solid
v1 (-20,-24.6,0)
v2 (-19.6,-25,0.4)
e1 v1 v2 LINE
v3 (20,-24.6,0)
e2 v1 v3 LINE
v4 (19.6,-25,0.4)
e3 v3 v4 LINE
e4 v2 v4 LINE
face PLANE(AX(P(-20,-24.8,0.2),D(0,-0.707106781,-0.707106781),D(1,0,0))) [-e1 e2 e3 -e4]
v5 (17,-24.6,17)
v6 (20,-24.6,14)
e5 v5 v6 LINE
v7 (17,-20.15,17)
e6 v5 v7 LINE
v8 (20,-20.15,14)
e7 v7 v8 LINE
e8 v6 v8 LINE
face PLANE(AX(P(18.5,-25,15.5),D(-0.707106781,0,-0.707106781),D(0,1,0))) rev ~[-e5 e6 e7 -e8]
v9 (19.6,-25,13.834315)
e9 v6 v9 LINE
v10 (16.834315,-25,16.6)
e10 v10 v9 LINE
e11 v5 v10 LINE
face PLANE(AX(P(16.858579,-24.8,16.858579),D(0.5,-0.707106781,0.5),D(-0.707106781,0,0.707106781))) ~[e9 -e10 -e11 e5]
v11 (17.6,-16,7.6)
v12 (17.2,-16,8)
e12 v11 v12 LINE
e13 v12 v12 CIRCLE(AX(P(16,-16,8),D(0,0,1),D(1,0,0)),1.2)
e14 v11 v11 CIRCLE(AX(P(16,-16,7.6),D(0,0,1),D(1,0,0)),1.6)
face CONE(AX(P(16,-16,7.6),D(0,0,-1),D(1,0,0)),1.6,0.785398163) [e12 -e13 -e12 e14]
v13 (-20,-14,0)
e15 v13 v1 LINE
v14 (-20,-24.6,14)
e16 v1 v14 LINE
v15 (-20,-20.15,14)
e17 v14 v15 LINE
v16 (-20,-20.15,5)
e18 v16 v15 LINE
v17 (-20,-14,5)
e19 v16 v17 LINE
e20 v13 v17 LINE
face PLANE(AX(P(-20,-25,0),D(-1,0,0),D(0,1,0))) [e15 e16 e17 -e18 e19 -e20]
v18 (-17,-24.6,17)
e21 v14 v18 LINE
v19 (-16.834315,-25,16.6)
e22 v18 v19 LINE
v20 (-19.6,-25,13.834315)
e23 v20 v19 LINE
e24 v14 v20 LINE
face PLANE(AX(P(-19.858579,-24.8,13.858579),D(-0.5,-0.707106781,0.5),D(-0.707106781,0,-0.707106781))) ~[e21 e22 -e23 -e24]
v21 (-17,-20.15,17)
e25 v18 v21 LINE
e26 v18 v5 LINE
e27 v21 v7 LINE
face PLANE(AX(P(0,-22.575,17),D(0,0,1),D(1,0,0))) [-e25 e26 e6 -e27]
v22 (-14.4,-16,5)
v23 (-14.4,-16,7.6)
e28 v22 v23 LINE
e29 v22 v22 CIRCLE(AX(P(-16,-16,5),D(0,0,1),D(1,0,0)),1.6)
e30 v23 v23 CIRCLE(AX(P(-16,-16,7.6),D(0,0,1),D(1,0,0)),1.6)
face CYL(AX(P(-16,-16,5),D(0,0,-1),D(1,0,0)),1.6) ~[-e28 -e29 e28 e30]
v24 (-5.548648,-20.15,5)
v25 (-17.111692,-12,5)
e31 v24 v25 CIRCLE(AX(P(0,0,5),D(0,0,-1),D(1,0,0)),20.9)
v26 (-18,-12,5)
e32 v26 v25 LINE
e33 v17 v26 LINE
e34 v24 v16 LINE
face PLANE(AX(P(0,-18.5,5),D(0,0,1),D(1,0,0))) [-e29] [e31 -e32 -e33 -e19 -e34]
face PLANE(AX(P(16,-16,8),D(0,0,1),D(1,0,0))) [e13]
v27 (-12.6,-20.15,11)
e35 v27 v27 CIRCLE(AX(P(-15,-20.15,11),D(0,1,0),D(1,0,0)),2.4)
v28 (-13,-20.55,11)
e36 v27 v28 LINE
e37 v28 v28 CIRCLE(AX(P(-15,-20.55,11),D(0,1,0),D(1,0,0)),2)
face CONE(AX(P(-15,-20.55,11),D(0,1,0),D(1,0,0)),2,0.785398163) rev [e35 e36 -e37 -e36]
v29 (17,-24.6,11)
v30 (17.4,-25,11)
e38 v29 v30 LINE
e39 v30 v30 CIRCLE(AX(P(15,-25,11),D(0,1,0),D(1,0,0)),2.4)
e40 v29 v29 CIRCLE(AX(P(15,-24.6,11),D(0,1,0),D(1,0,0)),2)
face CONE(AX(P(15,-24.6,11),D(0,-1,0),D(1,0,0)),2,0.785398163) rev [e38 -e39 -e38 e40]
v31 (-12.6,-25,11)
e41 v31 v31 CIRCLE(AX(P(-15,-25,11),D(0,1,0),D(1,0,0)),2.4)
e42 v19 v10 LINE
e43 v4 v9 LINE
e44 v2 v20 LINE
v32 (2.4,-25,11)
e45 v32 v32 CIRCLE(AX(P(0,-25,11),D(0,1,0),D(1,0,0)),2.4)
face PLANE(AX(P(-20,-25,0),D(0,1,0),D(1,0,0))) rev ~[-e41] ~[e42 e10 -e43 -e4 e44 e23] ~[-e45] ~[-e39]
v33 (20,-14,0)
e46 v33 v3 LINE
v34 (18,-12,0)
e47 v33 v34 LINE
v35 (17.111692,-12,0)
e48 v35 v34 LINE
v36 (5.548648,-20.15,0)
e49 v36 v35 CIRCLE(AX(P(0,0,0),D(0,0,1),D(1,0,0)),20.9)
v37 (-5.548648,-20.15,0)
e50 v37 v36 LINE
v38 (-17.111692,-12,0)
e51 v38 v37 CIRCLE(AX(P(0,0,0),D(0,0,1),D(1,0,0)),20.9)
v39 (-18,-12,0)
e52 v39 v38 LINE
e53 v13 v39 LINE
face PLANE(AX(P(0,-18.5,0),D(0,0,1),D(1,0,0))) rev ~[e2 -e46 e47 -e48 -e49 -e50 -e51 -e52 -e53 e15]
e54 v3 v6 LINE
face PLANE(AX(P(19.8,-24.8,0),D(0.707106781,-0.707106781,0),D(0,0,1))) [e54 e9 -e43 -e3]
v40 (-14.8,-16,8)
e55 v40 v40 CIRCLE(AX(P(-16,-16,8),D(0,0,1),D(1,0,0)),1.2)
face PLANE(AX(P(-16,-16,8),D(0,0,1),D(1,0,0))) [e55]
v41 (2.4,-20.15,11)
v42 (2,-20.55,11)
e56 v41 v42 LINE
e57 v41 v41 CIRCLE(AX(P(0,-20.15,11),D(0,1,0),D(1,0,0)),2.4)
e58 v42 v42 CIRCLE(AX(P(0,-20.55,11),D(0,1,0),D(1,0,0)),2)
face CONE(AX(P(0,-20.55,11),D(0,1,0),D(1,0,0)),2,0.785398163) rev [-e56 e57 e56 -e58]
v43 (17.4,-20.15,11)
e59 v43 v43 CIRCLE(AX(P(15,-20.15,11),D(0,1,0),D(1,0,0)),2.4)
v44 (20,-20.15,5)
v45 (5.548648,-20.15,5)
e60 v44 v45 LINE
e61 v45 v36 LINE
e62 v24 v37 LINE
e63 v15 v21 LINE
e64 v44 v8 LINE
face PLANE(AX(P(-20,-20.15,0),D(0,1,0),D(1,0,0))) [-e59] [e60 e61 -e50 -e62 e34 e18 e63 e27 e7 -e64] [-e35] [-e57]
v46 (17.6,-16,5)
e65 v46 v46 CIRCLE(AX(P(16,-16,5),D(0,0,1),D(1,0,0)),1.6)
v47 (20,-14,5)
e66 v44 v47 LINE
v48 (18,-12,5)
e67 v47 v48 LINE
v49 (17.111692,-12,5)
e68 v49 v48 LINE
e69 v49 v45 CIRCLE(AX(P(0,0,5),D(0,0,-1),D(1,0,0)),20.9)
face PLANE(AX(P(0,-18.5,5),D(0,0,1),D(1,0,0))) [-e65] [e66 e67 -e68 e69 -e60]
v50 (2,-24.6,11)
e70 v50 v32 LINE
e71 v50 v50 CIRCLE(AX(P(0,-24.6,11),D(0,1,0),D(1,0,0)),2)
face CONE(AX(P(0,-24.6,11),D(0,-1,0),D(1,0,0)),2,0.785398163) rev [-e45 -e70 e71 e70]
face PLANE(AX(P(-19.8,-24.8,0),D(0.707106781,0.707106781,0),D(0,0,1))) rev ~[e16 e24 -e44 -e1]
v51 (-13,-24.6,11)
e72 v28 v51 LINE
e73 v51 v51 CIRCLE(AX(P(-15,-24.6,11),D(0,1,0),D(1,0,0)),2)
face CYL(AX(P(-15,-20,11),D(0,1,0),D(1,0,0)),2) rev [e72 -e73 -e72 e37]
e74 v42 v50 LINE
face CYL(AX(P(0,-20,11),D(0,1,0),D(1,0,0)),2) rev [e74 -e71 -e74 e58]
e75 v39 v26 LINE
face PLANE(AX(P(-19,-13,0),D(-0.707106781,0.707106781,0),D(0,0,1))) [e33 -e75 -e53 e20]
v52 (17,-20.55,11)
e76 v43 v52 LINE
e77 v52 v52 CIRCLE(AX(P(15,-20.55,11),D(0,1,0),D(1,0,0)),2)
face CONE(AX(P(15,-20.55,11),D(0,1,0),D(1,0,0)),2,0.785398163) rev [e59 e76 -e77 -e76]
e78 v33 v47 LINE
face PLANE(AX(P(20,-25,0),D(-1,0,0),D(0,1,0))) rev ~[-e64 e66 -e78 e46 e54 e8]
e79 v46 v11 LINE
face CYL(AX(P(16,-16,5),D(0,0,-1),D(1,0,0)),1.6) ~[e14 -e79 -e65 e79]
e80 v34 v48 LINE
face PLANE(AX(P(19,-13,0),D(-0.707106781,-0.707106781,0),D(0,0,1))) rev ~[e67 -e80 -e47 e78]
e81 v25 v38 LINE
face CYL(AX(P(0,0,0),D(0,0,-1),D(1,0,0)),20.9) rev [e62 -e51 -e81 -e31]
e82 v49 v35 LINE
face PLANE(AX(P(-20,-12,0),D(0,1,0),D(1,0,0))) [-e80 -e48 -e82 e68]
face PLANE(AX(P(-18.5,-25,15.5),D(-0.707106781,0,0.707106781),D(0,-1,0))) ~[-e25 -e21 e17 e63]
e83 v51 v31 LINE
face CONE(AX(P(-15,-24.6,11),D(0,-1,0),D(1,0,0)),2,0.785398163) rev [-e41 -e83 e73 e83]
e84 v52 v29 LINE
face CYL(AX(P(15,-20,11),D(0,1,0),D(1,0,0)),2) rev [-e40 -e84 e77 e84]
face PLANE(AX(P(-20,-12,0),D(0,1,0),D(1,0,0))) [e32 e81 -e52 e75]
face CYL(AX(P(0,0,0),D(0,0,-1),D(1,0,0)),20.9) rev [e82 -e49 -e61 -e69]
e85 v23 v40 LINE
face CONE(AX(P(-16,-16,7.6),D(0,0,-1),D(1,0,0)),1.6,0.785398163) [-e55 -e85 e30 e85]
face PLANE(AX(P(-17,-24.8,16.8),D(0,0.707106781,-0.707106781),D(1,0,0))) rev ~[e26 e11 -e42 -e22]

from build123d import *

# Parameters (mm, degrees)
CYLINDER030_R         = 20.9
CYLINDER030_DEPTH     = 6
BOX007_W              = 40
BOX007_H              = 13
BOX007_DEPTH          = 5
CHAMFER009003002_SIZE = 2
CYLINDER026_R         = 2
CYLINDER026_DEPTH     = 10
CYLINDER029_R         = 2
CYLINDER029_DEPTH     = 10
CYLINDER027_R         = 2
CYLINDER027_DEPTH     = 10
BOX006_W              = 40
BOX006_H              = 4.85
BOX006_DEPTH          = 17
CHAMFER009003006_SIZE = 3
CYLINDER033_R         = 1.6
CYLINDER033_DEPTH     = 3
CYLINDER031_R         = 1.6
CYLINDER031_DEPTH     = 3
CHAMFER009003005_SIZE = 0.4
CHAMFER009003007_SIZE = 0.4


with BuildPart() as cylinder030:
    # Cylinder030 → Cylinder030 (new body)
    with BuildSketch(Plane.XY):
        Circle(CYLINDER030_R)
    extrude(amount=CYLINDER030_DEPTH)


with BuildPart() as cut004003006006002:
    # Box007 → Box007 (new body)
    with BuildSketch(Plane(origin=(-20, -25, 0), x_dir=(1, 0, 0), z_dir=(0, 0, 1))):
        with Locations((20, 6.5)):
            Rectangle(BOX007_W, BOX007_H)
    extrude(amount=BOX007_DEPTH)

    # Chamfer009003002
    chamfer009003002_edges = [cut004003006006002.edges().sort_by_distance(p)[0] for p in [
        (-20, -12, 2.5),
        (20, -12, 2.5),
    ]]
    chamfer(chamfer009003002_edges, length=CHAMFER009003002_SIZE)

    # Cut004003006006002: cut Cylinder030
    add(cylinder030.part, mode=Mode.SUBTRACT)


with BuildPart() as cylinder026:
    # Cylinder026 → Cylinder026 (new body)
    with BuildSketch(Plane(origin=(0, -20, 11), x_dir=(1, 0, 0), z_dir=(0, -1, 0))):
        Circle(CYLINDER026_R)
    extrude(amount=CYLINDER026_DEPTH)


with BuildPart() as cylinder029:
    # Cylinder029 → Cylinder029 (new body)
    with BuildSketch(Plane(origin=(15, -20, 11), x_dir=(1, 0, 0), z_dir=(0, -1, 0))):
        Circle(CYLINDER029_R)
    extrude(amount=CYLINDER029_DEPTH)


with BuildPart() as fusion001028:
    # Cylinder027 → Cylinder027 (new body)
    with BuildSketch(Plane(origin=(-15, -20, 11), x_dir=(1, 0, 0), z_dir=(0, -1, 0))):
        Circle(CYLINDER027_R)
    extrude(amount=CYLINDER027_DEPTH)

    # Fusion001028: union Cylinder026, Cylinder029
    add(cylinder026.part)
    add(cylinder029.part)


with BuildPart() as chamfer009003006:
    # Box006 → Box006 (new body)
    with BuildSketch(Plane(origin=(-20, -25, 0), x_dir=(1, 0, 0), z_dir=(0, 0, 1))):
        with Locations((20, 2.425)):
            Rectangle(BOX006_W, BOX006_H)
    extrude(amount=BOX006_DEPTH)

    # Cut004003006006003: cut Fusion001028
    add(fusion001028.part, mode=Mode.SUBTRACT)

    # Chamfer009003006
    chamfer009003006_edges = [chamfer009003006.edges().sort_by_distance(p)[0] for p in [
        (-20, -22.575, 17),
        (20, -22.575, 17),
    ]]
    chamfer(chamfer009003006_edges, length=CHAMFER009003006_SIZE)


with BuildPart() as cylinder033:
    # Cylinder033 → Cylinder033 (new body)
    with BuildSketch(Plane(origin=(16, -16, 5), x_dir=(1, 0, 0), z_dir=(0, 0, 1))):
        Circle(CYLINDER033_R)
    extrude(amount=CYLINDER033_DEPTH)


with BuildPart() as chamfer009003007:
    # Cylinder031 → Cylinder031 (new body)
    with BuildSketch(Plane(origin=(-16, -16, 5), x_dir=(1, 0, 0), z_dir=(0, 0, 1))):
        Circle(CYLINDER031_R)
    extrude(amount=CYLINDER031_DEPTH)

    # Fusion001027: union Cylinder033
    add(cylinder033.part)

    # Chamfer009003005
    chamfer009003005_edges = [chamfer009003007.edges().sort_by_distance(p)[0] for p in [
        (-17.6, -16, 8),
        (14.4, -16, 8),
    ]]
    chamfer(chamfer009003005_edges, length=CHAMFER009003005_SIZE)

    # Fusion001029: union Cut004003006006002, Chamfer009003006
    add(cut004003006006002.part)
    add(chamfer009003006.part)

    # Chamfer009003007
    chamfer009003007_edges = [chamfer009003007.edges().sort_by_distance(p)[0] for p in [
        (-18.5, -25, 15.5),
        (-17, -20.15, 11),
        (-2, -20.15, 11),
        (13, -20.15, 11),
        (18.5, -25, 15.5),
        (0, -25, 17),
        (-17, -25, 11),
        (-2, -25, 11),
        (13, -25, 11),
        (-20, -25, 7),
        (0, -25, 0),
        (20, -25, 7),
    ]]
    chamfer(chamfer009003007_edges, length=CHAMFER009003007_SIZE)


solid = chamfer009003007.part
